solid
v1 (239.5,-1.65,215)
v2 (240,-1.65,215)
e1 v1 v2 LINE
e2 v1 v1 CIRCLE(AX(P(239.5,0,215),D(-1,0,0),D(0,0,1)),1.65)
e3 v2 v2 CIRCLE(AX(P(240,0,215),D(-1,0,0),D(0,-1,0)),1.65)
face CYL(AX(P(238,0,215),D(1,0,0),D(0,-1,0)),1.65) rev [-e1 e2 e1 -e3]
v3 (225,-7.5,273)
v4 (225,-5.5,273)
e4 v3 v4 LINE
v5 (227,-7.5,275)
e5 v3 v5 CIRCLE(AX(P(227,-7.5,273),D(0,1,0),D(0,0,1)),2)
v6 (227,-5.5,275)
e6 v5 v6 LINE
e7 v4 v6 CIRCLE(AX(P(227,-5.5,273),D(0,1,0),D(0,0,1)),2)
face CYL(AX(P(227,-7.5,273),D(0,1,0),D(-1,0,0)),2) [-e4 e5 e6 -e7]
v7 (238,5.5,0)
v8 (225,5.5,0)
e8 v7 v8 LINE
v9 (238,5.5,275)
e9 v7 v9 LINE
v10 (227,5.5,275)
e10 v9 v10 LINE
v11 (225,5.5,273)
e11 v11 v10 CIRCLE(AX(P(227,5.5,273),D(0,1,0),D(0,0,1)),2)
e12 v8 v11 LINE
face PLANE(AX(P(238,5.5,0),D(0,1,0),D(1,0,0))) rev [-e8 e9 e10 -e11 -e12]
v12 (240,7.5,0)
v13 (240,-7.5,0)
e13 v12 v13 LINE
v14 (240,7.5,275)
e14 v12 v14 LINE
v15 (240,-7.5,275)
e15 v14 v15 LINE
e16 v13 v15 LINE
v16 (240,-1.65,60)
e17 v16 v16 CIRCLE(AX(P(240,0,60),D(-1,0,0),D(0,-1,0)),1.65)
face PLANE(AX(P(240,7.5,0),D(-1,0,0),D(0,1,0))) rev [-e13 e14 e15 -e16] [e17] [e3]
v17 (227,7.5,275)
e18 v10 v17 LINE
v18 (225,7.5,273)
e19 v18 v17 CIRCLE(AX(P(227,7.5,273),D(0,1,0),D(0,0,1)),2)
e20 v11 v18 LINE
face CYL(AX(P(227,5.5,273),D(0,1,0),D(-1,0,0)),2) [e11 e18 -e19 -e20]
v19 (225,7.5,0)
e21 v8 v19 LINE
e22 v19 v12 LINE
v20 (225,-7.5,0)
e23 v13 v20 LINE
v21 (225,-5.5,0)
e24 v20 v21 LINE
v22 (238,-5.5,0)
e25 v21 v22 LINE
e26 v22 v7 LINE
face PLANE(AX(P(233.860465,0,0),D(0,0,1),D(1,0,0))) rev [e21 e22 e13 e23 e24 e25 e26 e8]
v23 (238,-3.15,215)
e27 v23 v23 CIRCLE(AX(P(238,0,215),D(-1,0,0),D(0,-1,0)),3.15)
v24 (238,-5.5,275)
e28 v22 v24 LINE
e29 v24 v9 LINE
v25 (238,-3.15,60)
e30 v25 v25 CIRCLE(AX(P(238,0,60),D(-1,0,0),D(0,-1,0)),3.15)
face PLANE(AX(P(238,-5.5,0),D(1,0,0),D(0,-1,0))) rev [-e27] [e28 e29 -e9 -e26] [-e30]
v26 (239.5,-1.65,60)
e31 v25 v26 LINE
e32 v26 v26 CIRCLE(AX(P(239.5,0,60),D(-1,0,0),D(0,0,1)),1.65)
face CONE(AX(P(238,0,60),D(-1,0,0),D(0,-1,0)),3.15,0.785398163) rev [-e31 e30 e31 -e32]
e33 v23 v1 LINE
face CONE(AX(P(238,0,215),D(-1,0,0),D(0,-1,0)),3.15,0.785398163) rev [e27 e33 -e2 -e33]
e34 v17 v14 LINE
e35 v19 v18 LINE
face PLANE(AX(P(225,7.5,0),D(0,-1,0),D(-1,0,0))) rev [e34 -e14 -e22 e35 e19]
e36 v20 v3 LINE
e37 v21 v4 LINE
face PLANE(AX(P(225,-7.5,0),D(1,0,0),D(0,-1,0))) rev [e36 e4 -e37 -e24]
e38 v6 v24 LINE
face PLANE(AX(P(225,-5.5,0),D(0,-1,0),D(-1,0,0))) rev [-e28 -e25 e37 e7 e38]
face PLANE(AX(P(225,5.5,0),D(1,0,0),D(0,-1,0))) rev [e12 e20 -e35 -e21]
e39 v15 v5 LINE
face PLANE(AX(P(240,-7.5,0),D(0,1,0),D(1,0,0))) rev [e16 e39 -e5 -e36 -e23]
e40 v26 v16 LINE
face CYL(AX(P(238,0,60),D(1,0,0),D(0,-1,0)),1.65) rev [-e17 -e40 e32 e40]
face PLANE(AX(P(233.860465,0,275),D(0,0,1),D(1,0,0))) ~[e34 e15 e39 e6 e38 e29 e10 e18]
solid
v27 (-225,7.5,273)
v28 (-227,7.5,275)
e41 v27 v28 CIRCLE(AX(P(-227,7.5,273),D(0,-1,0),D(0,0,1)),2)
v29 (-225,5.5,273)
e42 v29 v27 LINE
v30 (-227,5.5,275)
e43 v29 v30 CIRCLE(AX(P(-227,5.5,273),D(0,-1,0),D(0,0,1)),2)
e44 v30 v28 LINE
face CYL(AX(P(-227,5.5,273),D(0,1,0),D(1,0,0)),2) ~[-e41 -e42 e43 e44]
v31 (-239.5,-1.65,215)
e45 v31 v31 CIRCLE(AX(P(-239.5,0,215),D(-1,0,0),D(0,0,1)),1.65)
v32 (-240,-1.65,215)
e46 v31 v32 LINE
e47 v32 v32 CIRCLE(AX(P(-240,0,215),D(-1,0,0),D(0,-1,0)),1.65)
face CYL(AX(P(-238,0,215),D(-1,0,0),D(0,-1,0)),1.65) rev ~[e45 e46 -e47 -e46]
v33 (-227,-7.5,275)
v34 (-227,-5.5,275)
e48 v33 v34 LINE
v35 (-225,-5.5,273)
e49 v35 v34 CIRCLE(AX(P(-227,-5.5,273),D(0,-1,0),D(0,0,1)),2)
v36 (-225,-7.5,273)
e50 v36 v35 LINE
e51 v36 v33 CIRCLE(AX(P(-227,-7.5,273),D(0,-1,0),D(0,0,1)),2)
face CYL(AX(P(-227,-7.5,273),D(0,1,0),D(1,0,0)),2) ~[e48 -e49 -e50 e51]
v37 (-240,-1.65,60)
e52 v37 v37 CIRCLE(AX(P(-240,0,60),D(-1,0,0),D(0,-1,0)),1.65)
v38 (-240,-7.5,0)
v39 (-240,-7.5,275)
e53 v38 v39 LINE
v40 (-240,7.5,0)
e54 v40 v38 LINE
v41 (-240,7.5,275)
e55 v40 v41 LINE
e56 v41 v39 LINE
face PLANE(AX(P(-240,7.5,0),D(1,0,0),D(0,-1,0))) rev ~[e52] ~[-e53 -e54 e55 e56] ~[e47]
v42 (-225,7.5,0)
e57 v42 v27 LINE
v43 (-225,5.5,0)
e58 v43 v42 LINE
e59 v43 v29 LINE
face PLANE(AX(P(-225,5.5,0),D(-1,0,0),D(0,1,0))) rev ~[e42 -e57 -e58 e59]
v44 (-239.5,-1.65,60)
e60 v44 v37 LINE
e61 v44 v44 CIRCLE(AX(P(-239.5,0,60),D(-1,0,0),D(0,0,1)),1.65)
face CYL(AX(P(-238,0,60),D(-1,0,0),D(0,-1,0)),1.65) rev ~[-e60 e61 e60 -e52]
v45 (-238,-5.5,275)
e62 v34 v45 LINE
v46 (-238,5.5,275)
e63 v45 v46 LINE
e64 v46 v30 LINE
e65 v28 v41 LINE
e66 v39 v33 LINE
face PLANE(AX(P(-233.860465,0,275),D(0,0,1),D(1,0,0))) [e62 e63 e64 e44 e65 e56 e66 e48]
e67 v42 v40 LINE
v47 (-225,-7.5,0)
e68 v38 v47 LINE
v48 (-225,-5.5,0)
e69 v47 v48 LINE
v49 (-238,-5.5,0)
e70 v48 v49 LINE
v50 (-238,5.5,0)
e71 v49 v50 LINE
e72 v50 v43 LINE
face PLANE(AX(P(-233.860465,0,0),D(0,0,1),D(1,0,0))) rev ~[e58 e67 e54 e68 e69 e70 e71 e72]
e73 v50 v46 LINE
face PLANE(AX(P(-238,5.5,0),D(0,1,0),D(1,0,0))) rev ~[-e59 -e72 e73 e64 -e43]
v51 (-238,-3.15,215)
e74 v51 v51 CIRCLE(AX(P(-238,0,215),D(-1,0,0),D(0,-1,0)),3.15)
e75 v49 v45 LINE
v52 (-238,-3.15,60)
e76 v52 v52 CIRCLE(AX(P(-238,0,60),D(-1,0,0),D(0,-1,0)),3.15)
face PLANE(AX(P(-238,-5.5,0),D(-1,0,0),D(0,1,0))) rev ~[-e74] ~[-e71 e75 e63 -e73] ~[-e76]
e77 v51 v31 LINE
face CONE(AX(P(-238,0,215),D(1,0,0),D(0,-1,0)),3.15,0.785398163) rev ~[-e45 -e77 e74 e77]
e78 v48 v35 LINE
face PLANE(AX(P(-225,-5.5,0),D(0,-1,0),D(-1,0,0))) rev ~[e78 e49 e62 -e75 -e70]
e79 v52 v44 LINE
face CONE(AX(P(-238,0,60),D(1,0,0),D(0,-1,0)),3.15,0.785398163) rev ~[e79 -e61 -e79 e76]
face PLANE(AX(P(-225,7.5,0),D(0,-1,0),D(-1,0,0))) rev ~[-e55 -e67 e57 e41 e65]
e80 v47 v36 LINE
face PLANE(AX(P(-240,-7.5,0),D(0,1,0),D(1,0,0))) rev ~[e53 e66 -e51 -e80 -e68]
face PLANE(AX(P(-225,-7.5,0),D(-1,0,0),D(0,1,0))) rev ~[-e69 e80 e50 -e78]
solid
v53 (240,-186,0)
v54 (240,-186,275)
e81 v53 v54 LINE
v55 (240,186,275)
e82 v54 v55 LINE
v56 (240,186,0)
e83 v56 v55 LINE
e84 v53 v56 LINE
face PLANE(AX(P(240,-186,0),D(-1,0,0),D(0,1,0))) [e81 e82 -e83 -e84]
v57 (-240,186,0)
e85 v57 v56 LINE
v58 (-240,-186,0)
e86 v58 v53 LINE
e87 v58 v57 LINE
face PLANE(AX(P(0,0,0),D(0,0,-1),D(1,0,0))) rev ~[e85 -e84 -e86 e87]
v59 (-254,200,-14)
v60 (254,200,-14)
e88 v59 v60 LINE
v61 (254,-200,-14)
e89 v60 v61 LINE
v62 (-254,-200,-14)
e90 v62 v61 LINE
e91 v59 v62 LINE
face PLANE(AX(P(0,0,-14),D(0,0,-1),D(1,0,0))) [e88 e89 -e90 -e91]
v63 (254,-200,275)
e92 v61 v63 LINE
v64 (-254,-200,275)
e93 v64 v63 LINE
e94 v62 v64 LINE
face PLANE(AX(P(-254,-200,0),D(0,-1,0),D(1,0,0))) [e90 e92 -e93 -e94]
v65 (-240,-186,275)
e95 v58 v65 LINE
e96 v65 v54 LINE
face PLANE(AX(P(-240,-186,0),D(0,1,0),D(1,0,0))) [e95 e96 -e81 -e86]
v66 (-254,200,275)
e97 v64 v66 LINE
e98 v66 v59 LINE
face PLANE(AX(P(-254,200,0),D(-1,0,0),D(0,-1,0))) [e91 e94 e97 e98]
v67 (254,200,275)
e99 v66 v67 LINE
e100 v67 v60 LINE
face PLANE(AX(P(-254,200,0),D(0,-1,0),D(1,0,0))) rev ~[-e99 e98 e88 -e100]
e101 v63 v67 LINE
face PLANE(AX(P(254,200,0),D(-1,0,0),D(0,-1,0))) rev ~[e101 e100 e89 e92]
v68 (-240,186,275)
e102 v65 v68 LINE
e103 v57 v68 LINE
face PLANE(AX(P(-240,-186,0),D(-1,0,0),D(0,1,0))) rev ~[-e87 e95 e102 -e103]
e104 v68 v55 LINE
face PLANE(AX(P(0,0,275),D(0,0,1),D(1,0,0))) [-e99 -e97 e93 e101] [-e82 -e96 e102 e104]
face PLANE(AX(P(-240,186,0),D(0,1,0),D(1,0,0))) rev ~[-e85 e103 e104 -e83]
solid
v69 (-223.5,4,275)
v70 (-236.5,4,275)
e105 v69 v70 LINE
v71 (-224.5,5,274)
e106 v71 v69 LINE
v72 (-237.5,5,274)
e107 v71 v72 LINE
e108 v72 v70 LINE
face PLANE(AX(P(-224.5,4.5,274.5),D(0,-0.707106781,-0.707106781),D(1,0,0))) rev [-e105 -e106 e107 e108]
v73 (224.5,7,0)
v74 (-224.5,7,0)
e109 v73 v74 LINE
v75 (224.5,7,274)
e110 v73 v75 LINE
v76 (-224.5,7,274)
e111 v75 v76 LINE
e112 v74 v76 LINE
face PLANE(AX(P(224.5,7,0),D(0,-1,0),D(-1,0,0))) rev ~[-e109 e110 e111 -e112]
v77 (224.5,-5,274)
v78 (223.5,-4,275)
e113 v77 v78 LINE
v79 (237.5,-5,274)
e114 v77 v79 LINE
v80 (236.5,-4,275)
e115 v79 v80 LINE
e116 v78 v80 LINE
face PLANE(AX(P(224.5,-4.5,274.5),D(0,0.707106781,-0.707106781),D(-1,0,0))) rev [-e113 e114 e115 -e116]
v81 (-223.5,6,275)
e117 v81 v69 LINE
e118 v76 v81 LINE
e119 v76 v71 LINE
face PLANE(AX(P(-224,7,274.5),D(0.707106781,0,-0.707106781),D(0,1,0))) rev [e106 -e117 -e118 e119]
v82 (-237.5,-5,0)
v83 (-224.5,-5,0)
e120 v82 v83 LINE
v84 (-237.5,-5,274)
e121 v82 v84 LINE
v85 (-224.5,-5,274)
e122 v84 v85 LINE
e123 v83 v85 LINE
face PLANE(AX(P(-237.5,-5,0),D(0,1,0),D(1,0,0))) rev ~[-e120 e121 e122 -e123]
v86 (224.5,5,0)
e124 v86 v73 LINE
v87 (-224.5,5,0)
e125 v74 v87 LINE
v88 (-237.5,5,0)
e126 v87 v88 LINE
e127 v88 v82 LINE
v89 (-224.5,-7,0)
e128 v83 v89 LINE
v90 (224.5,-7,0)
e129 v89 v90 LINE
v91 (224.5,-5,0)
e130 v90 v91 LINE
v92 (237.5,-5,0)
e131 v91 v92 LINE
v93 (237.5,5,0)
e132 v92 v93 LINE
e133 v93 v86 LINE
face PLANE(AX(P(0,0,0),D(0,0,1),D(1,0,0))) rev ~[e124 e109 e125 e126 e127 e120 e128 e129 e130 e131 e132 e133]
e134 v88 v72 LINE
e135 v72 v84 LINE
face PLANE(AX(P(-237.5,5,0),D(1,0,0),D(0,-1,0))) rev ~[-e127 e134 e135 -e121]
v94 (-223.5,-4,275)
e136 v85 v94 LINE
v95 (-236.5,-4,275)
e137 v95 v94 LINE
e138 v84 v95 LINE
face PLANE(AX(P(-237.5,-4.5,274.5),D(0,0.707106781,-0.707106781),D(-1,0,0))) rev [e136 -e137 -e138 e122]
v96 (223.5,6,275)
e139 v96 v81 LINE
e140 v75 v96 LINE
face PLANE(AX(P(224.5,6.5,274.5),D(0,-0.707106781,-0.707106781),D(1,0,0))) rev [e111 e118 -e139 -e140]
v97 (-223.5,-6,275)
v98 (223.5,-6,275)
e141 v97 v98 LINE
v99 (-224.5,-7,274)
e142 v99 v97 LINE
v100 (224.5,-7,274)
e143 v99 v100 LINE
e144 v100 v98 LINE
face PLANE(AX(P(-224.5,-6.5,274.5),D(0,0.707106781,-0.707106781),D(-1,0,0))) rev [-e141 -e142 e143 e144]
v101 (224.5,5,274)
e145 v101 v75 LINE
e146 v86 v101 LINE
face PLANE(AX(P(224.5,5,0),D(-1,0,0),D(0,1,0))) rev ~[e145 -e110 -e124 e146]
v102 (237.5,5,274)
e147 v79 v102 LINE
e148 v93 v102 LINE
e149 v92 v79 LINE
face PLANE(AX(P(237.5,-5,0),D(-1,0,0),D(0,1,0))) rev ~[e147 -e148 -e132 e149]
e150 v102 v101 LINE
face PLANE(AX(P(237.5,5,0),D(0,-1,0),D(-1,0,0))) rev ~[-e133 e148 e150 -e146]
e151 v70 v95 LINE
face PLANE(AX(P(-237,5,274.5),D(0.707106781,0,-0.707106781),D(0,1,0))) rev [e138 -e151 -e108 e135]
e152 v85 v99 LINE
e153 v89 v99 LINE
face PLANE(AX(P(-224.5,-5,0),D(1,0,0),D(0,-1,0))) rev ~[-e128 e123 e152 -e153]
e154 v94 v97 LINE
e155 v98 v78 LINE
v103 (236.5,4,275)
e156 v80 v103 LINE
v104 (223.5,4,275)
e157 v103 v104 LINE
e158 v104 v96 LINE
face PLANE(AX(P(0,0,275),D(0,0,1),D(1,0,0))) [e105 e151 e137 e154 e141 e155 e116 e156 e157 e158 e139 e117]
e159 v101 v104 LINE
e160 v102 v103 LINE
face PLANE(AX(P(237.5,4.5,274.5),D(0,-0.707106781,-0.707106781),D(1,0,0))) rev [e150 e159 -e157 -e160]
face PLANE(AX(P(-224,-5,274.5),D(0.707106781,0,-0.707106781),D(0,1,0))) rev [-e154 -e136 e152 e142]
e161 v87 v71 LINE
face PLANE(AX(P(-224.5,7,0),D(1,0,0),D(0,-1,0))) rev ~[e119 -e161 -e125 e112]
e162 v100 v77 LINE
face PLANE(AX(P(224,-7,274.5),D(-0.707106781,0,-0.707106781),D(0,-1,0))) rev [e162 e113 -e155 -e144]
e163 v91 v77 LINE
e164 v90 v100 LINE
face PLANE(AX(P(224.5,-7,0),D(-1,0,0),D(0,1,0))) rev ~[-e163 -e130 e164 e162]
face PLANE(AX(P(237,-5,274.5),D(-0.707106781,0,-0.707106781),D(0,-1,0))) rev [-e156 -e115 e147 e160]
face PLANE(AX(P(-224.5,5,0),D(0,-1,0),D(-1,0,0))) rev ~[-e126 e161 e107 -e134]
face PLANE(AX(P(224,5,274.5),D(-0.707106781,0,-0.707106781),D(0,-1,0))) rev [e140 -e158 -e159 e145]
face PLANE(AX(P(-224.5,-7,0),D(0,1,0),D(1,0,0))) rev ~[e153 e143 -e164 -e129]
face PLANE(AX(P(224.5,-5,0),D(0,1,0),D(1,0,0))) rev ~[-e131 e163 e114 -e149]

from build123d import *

# Parameters (mm, degrees)
F1_DEPTH       = 275
F2_R           = 2
F4_D           = 3.3
F4_CSINK_D     = 6.3
F4_CSINK_ANGLE = 90
F8_DEPTH       = 275
F9_SIZE        = 1
F6_W           = 508
F6_H           = 400
F6_W_2         = 480
F6_H_2         = 372
F10_DEPTH      = 275
F11_W          = 508
F11_H          = 400
F12_DEPTH      = 14


with BuildPart() as f1:
    # F0 (on Top) → F1 (new body)
    with BuildSketch(Plane.XY):
        Polygon((-240, 7.5), (-240, -7.5), (-225, -7.5), (-225, -5.5), (-238, -5.5), (-238, 5.5), (-225, 5.5), (-225, 7.5), align=None)
    extrude(amount=F1_DEPTH)

    # F2
    f2_edges = [f1.edges().sort_by_distance(p)[0] for p in [
        (-225, -6.5, 275),
        (-225, 6.5, 275),
    ]]
    fillet(f2_edges, radius=F2_R)

    # F4 (through all)
    with Locations(Plane.YZ.offset(-238)):
        with Locations((0, 215), (0, 60)):
            CounterSinkHole(F4_D / 2, F4_CSINK_D / 2, counter_sink_angle=F4_CSINK_ANGLE)


with BuildPart() as f5_1:
    # F5: instance of F1
    add(f1.part.mirror(Plane.YZ))


with BuildPart() as f8:
    # F7 (on face) → F8 (new body, through all)
    with BuildSketch(Plane.XY):
        Polygon((-237.5, -5), (-224.5, -5), (-224.5, -7), (224.5, -7), (224.5, -5), (237.5, -5), (237.5, 5), (224.5, 5), (224.5, 7), (-224.5, 7), (-224.5, 5), (-237.5, 5), align=None)
    extrude(amount=F8_DEPTH)

    # F9
    f9_edges = [f8.edges().sort_by_distance(p)[0] for p in [
        (0, -7, 275),
        (0, 7, 275),
        (-224.5, -6, 275),
        (-231, -5, 275),
        (-237.5, 0, 275),
        (-224.5, 6, 275),
        (-231, 5, 275),
        (224.5, 6, 275),
        (224.5, -6, 275),
        (231, -5, 275),
        (231, 5, 275),
        (237.5, 0, 275),
    ]]
    chamfer(f9_edges, length=F9_SIZE)


with BuildPart() as f10:
    # F6 (on Top) → F10 (new body, through all)
    with BuildSketch(Plane.XY):
        Rectangle(F6_W, F6_H)
        Rectangle(F6_W_2, F6_H_2, mode=Mode.SUBTRACT)
    extrude(amount=F10_DEPTH)

    # F11 (on face) → F12 (join)
    with BuildSketch(Plane(origin=(0, 0, 0), x_dir=(1, 0, 0), z_dir=(0, 0, -1))):
        Rectangle(F11_W, F11_H)
    extrude(amount=F12_DEPTH)


solid = Compound([f1.part, f5_1.part, f8.part, f10.part])
